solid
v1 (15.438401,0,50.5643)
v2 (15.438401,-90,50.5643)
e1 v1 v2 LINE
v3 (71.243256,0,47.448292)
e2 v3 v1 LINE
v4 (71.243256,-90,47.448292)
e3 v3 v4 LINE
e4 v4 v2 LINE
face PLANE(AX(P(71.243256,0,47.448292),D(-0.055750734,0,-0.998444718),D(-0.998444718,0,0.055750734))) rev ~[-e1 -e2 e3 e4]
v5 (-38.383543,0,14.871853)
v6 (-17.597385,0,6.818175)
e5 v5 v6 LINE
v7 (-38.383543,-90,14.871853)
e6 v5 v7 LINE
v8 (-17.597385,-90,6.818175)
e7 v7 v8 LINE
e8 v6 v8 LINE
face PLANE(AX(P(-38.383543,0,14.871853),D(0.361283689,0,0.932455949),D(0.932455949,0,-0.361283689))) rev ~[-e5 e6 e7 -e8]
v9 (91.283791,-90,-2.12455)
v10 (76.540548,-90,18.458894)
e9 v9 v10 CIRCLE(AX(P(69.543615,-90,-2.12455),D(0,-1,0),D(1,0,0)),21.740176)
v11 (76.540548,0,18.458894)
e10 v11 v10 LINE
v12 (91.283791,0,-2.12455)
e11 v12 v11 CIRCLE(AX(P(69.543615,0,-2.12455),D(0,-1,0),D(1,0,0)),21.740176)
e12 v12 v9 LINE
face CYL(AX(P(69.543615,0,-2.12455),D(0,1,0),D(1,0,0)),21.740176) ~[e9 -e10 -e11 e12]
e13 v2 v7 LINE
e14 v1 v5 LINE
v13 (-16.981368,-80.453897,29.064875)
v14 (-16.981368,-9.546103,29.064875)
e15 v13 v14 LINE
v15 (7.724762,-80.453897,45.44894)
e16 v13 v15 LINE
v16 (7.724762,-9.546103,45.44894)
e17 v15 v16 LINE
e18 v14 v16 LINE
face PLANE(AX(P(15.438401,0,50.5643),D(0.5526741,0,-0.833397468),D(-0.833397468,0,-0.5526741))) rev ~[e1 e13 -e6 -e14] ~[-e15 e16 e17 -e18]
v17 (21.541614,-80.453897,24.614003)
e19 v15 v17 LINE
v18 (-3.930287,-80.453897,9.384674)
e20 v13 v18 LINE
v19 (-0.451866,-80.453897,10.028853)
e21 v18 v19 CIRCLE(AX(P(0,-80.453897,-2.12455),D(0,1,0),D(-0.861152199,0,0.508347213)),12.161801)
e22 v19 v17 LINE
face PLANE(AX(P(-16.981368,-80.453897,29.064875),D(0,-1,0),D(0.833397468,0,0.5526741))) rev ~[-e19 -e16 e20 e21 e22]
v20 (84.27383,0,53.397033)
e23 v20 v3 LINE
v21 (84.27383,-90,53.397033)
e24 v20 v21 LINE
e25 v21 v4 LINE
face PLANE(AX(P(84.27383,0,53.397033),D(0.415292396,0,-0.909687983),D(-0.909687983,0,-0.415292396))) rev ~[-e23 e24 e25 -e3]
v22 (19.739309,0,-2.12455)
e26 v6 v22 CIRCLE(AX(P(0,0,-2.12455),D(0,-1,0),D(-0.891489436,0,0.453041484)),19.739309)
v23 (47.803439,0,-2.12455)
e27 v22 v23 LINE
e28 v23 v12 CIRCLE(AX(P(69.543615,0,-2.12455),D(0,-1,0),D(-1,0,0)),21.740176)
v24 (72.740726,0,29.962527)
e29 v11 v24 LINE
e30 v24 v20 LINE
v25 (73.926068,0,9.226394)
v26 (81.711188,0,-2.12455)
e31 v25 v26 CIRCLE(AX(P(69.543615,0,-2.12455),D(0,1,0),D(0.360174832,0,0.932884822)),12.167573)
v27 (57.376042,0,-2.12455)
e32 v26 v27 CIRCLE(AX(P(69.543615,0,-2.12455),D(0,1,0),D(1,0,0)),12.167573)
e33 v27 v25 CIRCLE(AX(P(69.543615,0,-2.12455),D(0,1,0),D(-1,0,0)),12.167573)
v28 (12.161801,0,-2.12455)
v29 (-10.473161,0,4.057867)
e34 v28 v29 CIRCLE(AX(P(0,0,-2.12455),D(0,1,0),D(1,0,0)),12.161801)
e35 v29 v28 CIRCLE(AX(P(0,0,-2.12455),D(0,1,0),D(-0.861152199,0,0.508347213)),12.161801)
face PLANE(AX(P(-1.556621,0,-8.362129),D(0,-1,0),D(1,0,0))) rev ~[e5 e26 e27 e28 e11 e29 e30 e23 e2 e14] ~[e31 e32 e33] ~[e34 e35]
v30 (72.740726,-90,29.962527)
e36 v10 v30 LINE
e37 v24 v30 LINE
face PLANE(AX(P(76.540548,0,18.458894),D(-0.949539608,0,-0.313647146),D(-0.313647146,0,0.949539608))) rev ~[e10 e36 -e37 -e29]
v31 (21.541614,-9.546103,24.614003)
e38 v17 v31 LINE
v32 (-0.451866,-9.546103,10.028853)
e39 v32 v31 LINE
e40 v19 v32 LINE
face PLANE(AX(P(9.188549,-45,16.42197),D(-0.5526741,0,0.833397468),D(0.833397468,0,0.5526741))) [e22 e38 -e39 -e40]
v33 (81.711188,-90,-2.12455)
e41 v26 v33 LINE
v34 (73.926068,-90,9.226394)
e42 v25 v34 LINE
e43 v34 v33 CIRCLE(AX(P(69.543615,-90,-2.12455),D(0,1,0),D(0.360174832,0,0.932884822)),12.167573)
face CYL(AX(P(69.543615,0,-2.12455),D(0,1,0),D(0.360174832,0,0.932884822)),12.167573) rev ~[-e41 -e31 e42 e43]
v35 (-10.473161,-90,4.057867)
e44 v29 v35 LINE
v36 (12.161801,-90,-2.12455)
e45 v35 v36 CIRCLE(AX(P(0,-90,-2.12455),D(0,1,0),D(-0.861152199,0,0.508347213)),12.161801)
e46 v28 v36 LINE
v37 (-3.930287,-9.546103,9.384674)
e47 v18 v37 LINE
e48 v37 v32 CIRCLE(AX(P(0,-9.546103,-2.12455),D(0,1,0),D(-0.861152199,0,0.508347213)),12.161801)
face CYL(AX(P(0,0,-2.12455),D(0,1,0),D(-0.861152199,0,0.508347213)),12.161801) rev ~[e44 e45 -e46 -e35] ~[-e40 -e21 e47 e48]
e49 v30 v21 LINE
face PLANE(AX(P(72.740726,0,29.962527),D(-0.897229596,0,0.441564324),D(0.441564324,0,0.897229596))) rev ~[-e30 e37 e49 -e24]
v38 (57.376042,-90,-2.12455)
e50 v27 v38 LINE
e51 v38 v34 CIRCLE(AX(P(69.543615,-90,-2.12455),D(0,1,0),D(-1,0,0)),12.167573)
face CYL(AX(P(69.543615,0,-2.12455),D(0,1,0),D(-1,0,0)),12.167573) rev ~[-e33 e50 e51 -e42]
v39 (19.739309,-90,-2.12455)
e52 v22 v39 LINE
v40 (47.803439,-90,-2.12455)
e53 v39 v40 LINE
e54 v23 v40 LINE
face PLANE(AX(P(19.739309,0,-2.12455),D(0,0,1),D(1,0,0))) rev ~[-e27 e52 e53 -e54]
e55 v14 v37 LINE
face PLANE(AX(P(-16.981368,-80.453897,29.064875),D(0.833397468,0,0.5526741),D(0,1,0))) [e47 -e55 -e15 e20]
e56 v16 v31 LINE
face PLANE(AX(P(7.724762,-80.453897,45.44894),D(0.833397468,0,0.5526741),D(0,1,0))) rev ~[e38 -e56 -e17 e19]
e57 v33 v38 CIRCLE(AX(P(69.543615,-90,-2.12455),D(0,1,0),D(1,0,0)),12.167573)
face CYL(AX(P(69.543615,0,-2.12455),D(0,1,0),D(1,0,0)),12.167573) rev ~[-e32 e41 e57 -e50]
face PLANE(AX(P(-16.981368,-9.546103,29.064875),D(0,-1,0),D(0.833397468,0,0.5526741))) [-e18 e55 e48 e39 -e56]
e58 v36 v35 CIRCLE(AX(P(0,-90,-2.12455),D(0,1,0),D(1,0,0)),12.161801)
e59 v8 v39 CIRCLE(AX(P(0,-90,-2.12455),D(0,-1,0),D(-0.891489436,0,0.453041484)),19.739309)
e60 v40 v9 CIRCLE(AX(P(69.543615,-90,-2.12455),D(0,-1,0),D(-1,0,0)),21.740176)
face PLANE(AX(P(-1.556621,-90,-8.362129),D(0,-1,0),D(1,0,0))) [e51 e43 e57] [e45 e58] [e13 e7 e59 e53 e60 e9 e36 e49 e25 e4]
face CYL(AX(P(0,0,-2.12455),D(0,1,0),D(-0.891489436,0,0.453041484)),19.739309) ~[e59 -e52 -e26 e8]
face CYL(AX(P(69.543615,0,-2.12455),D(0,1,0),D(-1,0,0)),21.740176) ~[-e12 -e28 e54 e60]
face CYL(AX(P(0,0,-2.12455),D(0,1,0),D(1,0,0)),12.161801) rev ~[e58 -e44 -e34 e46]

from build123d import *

# Parameters (mm, degrees)
F1_DEPTH = 90
F2_W     = 29.6450741589
F2_H     = 70.9077940881
F3_DEPTH = 25


with BuildPart() as f1:
    # F0 (on Front) → F1 (new body)
    with BuildSketch(Plane.XZ):
        with BuildLine():
            Line((19.7393086681, -2.1245502867), (12.1618005228, -2.1245502867))
            ThreePointArc((12.1618005228, -2.1245502867), (-3.2044417421, -13.8565980652), (-10.4731612691, 4.0578671196))
            Line((-10.4731612691, 4.0578671196), (-17.5973851442, 6.8181754041))
            ThreePointArc((-17.5973851442, 6.8181754041), (-4.5978304439, -21.3209109289), (19.7393086681, -2.1245502867))
        make_face()
        with BuildLine():
            ThreePointArc((-17.5973851442, 6.8181754041), (4.5978304439, 17.0718103555), (19.7393086681, -2.1245502867))
            Line((19.7393086681, -2.1245502867), (47.8034389698, -2.1245502867))
            ThreePointArc((47.8034389698, -2.1245502867), (56.8842174331, 15.549580718), (76.5405482344, 18.4588939876))
            Line((76.5405482344, 18.4588939876), (72.7407261729, 29.9625266343))
            Line((72.7407261729, 29.9625266343), (84.2738300562, 53.3970333636))
            Line((84.2738300562, 53.3970333636), (71.2432563305, 47.4482923746))
            Line((71.2432563305, 47.4482923746), (15.4384011403, 50.5643002689))
            Line((15.4384011403, 50.5643002689), (-38.3835434914, 14.8718534037))
            Line((-38.3835434914, 14.8718534037), (-17.5973851442, 6.8181754041))
        make_face()
        with BuildLine():
            Line((57.3760422717, -2.1245502867), (47.8034389698, -2.1245502867))
            ThreePointArc((47.8034389698, -2.1245502867), (69.5436149836, -23.8647263004), (91.2837909973, -2.1245502867))
            ThreePointArc((91.2837909973, -2.1245502867), (87.2177459882, 10.5348472637), (76.5405482344, 18.4588939876))
            Line((76.5405482344, 18.4588939876), (76.9786015153, 17.1327255666))
            Line((76.9786015153, 17.1327255666), (73.9260684349, 9.2263936144))
            ThreePointArc((73.9260684349, 9.2263936144), (79.5778973875, 4.7575280576), (81.7111876954, -2.1245502867))
            ThreePointArc((81.7111876954, -2.1245502867), (69.5436149836, -14.2921229985), (57.3760422717, -2.1245502867))
        make_face()
        with BuildLine():
            ThreePointArc((-10.4731612691, 4.0578671196), (3.2044417421, 9.6074974918), (12.1618005228, -2.1245502867))
            Line((12.1618005228, -2.1245502867), (19.7393086681, -2.1245502867))
            ThreePointArc((19.7393086681, -2.1245502867), (4.5978304439, 17.0718103555), (-17.5973851442, 6.8181754041))
            Line((-17.5973851442, 6.8181754041), (-10.4731612691, 4.0578671196))
        make_face()
        with BuildLine():
            ThreePointArc((76.5405482344, 18.4588939876), (56.8842174331, 15.549580718), (47.8034389698, -2.1245502867))
            Line((47.8034389698, -2.1245502867), (57.3760422717, -2.1245502867))
            ThreePointArc((57.3760422717, -2.1245502867), (62.6615366393, 7.9097321173), (73.9260684349, 9.2263936144))
            Line((73.9260684349, 9.2263936144), (76.9786015153, 17.1327255666))
            Line((76.9786015153, 17.1327255666), (76.5405482344, 18.4588939876))
        make_face()
    extrude(amount=F1_DEPTH)

    # F2 (on face) → F3 (cut)
    with BuildSketch(Plane(origin=(-18.5741359404, 0, 28.0086181803), x_dir=(0.8333974675, 0, 0.5526741003), z_dir=(-0.5526741003, 0, 0.8333974675))):
        with Locations((16.7337115854, -45)):
            Rectangle(F2_W, F2_H)
    extrude(amount=-F3_DEPTH, mode=Mode.SUBTRACT)


solid = f1.part
